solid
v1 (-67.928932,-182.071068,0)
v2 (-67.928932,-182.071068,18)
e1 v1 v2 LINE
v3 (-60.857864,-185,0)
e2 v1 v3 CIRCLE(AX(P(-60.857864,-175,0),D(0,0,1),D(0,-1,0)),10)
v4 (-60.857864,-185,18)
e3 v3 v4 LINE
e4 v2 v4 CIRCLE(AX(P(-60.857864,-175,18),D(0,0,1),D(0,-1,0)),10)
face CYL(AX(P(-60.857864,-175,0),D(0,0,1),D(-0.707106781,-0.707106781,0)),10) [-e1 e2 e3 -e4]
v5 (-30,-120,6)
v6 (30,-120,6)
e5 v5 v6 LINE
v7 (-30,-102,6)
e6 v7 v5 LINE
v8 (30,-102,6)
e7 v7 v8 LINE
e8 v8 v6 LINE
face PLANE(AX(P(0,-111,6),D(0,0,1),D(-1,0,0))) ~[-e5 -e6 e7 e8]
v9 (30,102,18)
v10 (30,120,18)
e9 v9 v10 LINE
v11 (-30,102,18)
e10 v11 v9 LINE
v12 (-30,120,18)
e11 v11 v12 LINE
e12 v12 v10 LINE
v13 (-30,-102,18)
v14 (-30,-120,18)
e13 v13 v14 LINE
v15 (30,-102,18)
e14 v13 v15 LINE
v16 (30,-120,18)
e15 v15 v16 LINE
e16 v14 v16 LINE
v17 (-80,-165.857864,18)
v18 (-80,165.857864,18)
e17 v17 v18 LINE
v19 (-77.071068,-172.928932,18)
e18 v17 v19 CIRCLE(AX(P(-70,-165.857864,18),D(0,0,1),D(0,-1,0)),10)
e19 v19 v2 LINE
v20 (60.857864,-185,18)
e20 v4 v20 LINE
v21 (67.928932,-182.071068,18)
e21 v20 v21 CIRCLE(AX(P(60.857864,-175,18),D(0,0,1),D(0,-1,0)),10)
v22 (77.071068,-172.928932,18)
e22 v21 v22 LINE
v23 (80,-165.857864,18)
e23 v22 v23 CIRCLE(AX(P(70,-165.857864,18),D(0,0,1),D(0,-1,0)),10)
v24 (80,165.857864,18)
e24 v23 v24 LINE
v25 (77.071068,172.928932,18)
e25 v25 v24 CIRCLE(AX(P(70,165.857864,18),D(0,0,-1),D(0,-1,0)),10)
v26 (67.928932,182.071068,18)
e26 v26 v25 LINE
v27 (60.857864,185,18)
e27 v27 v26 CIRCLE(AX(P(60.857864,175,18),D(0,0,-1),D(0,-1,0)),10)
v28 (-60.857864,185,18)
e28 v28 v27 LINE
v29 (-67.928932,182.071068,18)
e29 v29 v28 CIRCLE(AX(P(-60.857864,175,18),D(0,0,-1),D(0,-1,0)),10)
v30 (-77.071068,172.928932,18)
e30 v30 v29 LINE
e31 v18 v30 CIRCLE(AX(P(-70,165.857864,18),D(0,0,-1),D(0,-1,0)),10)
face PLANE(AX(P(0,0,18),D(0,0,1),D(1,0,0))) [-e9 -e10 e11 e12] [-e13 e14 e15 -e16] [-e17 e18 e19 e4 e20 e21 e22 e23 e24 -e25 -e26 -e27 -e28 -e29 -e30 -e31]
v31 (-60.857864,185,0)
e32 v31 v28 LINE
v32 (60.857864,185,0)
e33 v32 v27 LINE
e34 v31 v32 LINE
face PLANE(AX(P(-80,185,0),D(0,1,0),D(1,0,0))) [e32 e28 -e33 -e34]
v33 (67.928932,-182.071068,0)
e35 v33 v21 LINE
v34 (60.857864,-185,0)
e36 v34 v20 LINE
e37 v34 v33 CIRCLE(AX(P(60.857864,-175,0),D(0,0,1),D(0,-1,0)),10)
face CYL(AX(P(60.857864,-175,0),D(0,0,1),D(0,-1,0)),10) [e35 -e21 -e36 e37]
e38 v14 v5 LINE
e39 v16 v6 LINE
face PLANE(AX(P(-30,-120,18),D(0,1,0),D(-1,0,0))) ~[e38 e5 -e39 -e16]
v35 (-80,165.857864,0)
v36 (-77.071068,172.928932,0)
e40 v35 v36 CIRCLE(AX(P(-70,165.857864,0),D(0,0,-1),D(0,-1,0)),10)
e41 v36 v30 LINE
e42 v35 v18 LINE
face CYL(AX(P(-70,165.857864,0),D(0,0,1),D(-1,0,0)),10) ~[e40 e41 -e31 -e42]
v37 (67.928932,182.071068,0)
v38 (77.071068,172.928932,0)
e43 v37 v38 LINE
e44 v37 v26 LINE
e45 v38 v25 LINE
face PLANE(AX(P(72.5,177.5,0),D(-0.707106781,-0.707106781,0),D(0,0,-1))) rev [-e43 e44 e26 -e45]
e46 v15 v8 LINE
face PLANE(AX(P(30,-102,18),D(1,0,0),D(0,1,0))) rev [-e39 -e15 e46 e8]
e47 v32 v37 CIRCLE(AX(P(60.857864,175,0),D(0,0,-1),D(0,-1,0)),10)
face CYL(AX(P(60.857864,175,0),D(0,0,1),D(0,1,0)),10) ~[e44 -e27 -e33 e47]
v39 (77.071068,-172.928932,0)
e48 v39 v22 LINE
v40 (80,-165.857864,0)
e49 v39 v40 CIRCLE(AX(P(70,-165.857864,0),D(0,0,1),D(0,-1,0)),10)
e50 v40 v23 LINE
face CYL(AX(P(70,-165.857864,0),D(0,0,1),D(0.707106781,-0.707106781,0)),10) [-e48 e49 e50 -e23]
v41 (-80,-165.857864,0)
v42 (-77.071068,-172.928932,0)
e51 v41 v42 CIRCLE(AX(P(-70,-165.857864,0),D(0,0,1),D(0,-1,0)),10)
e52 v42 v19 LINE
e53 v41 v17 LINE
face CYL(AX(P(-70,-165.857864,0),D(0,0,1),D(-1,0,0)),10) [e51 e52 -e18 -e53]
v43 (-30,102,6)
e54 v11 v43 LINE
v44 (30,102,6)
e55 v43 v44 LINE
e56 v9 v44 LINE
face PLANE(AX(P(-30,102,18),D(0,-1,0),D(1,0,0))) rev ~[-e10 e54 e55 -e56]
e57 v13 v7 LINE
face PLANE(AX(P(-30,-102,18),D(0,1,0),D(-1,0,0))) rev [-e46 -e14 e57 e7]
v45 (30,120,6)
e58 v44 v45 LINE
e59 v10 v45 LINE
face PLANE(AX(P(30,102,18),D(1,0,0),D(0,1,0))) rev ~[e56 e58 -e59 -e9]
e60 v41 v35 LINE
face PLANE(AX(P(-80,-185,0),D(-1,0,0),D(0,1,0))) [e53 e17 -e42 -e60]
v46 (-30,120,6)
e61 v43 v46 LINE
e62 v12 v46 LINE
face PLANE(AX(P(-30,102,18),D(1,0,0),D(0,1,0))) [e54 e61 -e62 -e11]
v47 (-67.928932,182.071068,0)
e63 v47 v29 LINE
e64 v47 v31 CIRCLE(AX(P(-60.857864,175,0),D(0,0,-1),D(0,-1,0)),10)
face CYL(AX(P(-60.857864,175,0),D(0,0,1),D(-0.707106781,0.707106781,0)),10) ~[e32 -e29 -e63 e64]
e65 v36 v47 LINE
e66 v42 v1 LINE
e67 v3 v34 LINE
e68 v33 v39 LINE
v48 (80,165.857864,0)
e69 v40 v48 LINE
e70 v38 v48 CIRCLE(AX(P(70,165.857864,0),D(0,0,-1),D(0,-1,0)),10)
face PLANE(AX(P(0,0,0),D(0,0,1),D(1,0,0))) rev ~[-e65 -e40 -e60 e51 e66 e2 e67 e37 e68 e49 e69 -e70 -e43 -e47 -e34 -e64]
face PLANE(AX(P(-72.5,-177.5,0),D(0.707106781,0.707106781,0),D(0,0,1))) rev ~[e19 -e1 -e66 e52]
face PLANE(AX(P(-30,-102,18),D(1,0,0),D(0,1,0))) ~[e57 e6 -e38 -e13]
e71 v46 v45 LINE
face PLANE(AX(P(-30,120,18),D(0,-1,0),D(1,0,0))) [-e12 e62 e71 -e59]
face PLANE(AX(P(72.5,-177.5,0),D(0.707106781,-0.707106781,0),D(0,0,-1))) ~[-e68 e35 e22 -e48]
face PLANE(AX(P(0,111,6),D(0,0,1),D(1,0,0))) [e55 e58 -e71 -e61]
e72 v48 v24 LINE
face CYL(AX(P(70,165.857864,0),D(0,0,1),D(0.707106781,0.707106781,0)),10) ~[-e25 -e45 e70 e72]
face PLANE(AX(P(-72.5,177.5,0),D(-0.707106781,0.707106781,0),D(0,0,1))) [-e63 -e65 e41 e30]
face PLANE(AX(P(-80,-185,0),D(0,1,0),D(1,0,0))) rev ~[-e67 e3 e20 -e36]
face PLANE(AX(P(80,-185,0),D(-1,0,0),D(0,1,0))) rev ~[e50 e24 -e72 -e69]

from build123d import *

# Parameters (mm, degrees)
SKETCH_W     = 160
SKETCH_H     = 370
PAD_DEPTH    = 18
SKETCH001_W  = 60
SKETCH001_H  = 18
POCKET_DEPTH = 12
CHAMFER_SIZE = 15
FILLET_R     = 10


with BuildPart() as part:
    # Sketch → Pad (new body)
    with BuildSketch(Plane.XY):
        Rectangle(SKETCH_W, SKETCH_H)
    extrude(amount=PAD_DEPTH)

    # Sketch001 → Pocket (cut)
    with BuildSketch(Plane.XY.offset(18)):
        with Locations((0, 111)):
            Rectangle(SKETCH001_W, SKETCH001_H)
    pocket = extrude(amount=-POCKET_DEPTH, mode=Mode.SUBTRACT)

    # Mirrored: Pocket across Sketch001 H_Axis
    add(pocket.mirror(Plane(origin=(0, 0, 18), x_dir=(0, 0, 1), z_dir=(0, 1, 0))), mode=Mode.SUBTRACT)

    # Chamfer
    chamfer_edges = [part.edges().sort_by_distance(p)[0] for p in [
        (-80, -185, 9),
        (-80, 185, 9),
        (80, 185, 9),
        (80, -185, 9),
    ]]
    chamfer(chamfer_edges, length=CHAMFER_SIZE)

    # Fillet
    fillet_edges = [part.edges().sort_by_distance(p)[0] for p in [
        (65, -185, 9),
        (80, -170, 9),
        (-65, -185, 9),
        (-80, -170, 9),
        (-80, 170, 9),
        (-65, 185, 9),
        (65, 185, 9),
        (80, 170, 9),
    ]]
    fillet(fillet_edges, radius=FILLET_R)


solid = part.part
